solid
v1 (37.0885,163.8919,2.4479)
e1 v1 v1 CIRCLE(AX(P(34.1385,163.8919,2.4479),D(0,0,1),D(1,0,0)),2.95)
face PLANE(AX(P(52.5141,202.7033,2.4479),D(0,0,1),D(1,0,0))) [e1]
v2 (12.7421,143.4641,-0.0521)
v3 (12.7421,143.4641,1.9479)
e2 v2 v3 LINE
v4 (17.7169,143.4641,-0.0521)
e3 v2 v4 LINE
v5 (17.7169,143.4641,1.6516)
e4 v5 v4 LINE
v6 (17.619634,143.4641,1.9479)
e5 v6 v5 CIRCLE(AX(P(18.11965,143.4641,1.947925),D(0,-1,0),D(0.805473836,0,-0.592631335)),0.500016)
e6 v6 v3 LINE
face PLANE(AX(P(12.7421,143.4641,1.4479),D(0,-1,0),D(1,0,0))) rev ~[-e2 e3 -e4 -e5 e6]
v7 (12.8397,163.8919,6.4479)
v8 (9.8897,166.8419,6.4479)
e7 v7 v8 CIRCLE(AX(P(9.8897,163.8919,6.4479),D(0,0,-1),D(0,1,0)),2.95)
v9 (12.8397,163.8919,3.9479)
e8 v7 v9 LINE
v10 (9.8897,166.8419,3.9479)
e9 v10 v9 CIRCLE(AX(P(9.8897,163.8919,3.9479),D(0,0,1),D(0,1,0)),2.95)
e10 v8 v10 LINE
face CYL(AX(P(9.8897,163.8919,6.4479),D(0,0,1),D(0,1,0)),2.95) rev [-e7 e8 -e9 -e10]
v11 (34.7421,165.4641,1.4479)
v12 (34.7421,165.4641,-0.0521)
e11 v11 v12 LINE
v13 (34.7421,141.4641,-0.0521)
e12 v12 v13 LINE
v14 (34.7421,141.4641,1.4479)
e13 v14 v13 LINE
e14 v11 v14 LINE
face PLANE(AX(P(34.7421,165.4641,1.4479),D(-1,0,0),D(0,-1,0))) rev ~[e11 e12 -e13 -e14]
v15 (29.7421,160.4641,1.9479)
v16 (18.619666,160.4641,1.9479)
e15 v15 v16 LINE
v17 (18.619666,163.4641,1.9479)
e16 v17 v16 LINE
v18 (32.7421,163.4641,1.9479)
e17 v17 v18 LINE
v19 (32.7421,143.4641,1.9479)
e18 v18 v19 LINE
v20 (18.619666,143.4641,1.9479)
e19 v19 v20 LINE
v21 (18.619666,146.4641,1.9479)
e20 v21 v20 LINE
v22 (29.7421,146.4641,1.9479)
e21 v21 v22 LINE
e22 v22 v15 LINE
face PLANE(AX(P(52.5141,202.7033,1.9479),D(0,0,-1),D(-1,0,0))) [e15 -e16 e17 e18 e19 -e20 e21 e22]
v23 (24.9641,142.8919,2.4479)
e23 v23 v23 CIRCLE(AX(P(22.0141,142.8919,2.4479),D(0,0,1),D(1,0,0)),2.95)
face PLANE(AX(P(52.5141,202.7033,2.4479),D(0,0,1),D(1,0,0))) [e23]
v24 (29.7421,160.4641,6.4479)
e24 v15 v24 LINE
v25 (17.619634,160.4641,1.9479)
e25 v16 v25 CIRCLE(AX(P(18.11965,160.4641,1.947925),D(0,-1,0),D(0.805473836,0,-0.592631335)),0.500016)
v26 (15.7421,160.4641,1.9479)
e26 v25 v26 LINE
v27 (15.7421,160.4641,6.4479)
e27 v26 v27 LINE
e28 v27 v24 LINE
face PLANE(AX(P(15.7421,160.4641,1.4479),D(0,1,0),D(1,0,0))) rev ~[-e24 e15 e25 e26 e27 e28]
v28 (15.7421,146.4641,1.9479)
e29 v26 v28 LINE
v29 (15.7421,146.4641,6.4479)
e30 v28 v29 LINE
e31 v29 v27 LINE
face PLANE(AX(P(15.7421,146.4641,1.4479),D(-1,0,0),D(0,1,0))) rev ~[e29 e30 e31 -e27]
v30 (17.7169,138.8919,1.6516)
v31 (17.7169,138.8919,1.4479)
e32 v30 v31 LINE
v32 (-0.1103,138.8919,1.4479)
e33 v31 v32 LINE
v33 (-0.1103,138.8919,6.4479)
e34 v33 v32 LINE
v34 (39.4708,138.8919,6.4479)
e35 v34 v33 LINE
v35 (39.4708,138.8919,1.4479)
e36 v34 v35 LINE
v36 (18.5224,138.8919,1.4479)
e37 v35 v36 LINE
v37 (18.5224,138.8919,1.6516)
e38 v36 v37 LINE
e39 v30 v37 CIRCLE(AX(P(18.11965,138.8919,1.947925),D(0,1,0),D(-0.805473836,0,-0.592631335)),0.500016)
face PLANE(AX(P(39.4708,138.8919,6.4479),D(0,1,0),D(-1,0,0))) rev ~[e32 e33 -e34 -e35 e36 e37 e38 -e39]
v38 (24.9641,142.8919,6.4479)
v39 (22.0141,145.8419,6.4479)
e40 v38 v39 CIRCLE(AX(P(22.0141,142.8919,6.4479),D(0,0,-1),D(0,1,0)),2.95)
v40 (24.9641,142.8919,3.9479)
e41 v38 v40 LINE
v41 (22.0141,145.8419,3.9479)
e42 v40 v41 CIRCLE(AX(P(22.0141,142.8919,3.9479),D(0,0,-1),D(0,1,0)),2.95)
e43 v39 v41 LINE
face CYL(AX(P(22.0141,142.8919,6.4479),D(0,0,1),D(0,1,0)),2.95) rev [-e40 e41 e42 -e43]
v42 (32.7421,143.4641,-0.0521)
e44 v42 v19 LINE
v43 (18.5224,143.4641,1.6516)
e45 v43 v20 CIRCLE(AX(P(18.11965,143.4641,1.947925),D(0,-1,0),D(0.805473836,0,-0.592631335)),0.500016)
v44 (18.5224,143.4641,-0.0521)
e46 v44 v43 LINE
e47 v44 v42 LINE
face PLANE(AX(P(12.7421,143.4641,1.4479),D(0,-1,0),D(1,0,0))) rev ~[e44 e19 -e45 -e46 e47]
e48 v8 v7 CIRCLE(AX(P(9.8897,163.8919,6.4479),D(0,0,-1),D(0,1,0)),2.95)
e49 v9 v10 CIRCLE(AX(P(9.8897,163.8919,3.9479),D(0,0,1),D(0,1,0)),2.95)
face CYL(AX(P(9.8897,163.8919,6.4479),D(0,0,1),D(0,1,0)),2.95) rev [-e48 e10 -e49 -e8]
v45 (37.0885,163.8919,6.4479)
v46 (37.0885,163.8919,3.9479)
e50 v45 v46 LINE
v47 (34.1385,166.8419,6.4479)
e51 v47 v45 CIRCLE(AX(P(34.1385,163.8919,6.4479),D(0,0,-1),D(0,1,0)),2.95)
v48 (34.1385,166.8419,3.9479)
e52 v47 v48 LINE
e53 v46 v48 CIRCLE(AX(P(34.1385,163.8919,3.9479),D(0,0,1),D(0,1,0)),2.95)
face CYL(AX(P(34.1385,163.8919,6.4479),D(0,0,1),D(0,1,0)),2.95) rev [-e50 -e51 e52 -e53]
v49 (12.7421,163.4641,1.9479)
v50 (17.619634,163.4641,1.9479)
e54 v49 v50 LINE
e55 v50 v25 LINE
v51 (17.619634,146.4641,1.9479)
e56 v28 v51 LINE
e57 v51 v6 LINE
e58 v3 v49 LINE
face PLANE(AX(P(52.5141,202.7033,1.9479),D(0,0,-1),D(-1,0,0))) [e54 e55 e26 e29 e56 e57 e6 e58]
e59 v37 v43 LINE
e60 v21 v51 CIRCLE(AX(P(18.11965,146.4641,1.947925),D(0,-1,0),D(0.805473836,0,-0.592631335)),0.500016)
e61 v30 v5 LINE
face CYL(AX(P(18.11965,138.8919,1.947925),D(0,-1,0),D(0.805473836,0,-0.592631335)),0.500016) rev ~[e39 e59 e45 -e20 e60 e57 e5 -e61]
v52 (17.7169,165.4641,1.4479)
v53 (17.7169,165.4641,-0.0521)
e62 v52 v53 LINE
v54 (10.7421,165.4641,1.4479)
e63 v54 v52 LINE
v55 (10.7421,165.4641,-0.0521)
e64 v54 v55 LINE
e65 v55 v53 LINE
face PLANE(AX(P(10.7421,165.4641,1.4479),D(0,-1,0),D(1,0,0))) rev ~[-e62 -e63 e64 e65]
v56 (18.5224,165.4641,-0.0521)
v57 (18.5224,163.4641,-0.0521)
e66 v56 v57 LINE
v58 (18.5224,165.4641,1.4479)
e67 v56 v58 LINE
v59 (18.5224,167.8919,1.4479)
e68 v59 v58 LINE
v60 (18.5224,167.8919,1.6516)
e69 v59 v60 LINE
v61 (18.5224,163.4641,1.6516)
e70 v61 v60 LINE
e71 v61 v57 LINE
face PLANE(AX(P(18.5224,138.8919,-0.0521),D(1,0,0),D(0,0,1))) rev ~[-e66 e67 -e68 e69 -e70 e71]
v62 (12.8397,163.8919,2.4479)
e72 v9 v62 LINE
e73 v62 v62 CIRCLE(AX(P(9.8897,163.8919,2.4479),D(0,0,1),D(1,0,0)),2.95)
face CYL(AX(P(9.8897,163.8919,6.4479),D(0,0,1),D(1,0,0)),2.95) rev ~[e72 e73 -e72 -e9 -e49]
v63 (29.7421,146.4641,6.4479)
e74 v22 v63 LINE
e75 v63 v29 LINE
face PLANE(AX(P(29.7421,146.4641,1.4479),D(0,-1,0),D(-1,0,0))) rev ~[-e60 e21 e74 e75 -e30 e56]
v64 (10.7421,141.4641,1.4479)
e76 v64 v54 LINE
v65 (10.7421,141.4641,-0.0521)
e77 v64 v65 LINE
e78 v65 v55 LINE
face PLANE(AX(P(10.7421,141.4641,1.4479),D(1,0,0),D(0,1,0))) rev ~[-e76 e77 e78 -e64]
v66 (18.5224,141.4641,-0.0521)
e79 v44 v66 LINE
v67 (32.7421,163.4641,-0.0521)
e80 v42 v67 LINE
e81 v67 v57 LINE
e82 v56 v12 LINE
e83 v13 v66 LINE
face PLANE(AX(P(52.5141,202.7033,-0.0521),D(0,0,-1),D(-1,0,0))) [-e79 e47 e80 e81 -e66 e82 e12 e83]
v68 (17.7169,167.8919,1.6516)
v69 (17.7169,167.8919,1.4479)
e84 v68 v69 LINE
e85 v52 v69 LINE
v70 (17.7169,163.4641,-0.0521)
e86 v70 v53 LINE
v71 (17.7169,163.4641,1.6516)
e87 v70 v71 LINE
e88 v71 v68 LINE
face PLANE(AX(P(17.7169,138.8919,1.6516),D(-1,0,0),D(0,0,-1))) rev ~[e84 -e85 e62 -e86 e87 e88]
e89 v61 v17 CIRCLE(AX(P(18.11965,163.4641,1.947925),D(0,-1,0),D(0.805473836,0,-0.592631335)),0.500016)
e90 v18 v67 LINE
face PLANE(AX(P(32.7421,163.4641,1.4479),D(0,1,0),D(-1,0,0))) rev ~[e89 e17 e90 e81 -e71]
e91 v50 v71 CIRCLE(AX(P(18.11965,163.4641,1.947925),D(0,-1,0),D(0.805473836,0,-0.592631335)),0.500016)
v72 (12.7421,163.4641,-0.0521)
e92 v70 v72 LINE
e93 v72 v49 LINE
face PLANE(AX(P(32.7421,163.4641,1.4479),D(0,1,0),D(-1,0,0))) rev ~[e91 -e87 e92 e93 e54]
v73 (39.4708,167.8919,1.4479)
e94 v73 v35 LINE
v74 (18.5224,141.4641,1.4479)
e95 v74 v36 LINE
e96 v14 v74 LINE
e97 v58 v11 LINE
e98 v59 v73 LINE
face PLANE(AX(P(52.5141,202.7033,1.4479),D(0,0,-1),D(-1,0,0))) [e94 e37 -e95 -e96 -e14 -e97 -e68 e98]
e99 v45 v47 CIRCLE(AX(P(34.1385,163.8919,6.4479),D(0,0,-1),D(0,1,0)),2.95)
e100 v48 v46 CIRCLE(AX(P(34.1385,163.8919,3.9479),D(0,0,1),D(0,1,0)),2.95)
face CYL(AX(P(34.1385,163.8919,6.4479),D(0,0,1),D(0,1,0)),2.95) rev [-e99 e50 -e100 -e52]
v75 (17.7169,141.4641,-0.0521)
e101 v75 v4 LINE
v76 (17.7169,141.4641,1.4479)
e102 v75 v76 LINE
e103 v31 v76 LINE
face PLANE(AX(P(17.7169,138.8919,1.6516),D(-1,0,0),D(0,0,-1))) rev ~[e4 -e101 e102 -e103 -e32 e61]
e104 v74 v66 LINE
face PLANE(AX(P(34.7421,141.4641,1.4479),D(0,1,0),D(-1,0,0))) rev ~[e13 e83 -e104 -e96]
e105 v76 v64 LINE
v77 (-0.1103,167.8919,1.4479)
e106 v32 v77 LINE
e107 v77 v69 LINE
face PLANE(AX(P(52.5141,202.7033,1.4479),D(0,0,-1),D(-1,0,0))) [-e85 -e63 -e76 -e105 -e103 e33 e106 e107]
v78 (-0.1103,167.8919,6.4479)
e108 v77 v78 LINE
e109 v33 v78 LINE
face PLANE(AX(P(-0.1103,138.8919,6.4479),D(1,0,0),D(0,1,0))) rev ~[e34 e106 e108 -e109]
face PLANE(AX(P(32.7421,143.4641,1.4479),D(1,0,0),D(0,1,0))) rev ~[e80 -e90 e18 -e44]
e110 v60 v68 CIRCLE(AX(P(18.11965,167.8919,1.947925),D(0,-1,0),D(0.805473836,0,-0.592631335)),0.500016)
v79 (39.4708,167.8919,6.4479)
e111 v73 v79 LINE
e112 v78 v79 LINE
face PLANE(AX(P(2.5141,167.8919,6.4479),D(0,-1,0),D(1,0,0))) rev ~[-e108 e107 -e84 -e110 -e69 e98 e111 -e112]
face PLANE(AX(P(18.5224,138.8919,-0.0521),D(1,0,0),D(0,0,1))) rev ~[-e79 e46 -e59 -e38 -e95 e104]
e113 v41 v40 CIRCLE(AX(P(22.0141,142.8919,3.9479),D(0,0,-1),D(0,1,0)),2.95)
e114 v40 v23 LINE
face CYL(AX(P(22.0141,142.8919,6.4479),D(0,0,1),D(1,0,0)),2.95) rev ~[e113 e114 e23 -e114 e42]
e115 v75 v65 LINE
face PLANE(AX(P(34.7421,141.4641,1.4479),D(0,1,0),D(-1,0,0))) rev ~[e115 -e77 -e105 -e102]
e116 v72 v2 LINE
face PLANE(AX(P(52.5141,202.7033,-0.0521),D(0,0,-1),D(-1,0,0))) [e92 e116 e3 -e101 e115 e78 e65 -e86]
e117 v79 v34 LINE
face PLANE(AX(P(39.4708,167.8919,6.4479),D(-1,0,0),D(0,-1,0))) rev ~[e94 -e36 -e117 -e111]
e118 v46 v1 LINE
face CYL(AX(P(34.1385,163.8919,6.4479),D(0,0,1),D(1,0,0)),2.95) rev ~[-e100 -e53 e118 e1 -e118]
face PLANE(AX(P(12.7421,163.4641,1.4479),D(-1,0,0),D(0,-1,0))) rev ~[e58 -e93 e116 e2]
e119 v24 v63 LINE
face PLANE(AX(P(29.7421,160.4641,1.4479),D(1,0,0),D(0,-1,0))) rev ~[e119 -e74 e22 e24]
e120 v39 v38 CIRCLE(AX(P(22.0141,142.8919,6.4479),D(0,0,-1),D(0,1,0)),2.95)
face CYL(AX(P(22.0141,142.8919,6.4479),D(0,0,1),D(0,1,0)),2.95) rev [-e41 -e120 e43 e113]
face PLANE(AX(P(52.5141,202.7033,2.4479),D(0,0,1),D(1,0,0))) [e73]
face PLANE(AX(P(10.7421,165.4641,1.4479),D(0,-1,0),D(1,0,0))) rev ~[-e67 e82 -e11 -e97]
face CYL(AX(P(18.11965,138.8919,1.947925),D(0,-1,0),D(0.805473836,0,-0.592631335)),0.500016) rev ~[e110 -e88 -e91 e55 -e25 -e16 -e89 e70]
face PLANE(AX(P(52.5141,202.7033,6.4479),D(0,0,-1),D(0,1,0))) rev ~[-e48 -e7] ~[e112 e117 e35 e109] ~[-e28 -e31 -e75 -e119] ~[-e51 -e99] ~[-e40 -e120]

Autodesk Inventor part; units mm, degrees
ref_plane "YZ Plane" through (0, 0, 0) normal (1, 0, 0) x (0, 1, 0)
ref_plane "XZ Plane" through (0, 0, 0) normal (0, 1, 0) x (-1, 0, 0)
ref_plane "XY Plane" through (0, 0, 0) normal (0, 0, 1) x (1, 0, 0)
ref_plane "Work Plane1" through (52.5141, 202.7033, 6.4479) normal (0, 0, -1) x (0, 1, 0)
sketch "Sketch1" plane through (52.5141, 202.7033, 6.4479) normal (0, 0, -1) x (0, 1, 0)
  circle A0 centre (-59.8114, -30.5) radius 1.4 construction
  circle A1 centre (-38.8114, -18.3756) radius 1.4 projected
  circle A2 centre (-38.8114, -42.6244) radius 1.4 construction
  circle A3 centre (41, 0) radius 1.65 projected
  circle A4 centre (-9, 0) radius 1.65 projected
  circle A5 centre (-9, 50) radius 1.65 projected
  circle A6 centre (41, 50) radius 1.65 projected
  circle A7 centre (16, 50) radius 1.65 projected
  circle A8 centre (-9, 25) radius 1.65 projected
  circle A9 centre (16, 0) radius 1.65 projected
  circle A10 centre (41, 25) radius 1.65 projected
  line L0 (80, 55) -> (-80, 55) projected
  line L1 (-80, 55) -> (-80, -55) projected
  line L2 (-80, -55) -> (80, -55) projected
  line L3 (80, -55) -> (80, 55) projected
  line L4 (-36.5, 0) -> (-36.5, -50) projected
  line L5 (-14, 0) -> (-36.5, 0) projected
  line L6 (-14, -5) -> (-14, 0) projected
  line L7 (72, -5) -> (-14, -5) projected
  line L8 (72, -50) -> (72, -5) projected
  line L9 (-36.5, -50) -> (72, -50) projected
  line L10 (-4, 45) -> (-4, 5) projected
  line L11 (36, 45) -> (-4, 45) projected
  line L12 (36, 5) -> (36, 45) projected
  line L13 (-4, 5) -> (36, 5) projected
  line L14 (-64.5989, -17.0433) -> (-64.5989, -57.0433) construction
  line L15 (-64.5989, -57.0433) -> (-34.5989, -57.0433) construction
  line L16 (-34.5989, -57.0433) -> (-34.5989, -17.0433) construction
  line L17 (-34.5989, -17.0433) -> (-64.5989, -17.0433) construction
  line L18 (-34.8114, -13.0433) -> (-63.8114, -13.0433)
  line L19 (-63.8114, -13.0433) -> (-63.8114, -52.6244)
  line L20 (-63.8114, -52.6244) -> (-34.8114, -52.6244)
  line L21 (-34.8114, -52.6244) -> (-34.8114, -13.0433)
  circle A11 centre (-59.8114, -30.5) radius 2.95
  circle A12 centre (-38.8114, -18.3756) radius 2.95
  circle A13 centre (-38.8114, -42.6244) radius 2.95 construction
  line L22 (-36.5, -35.1157) -> (-41.75, -35.1157) construction
  line L23 (-41.75, -35.1157) -> (-41.75, -38.5657) construction
  line L24 (-41.75, -38.5657) -> (-56.86, -38.5657) construction
  line L25 (-56.86, -38.5657) -> (-56.86, -35.1157) construction
  line L26 (-56.86, -35.1157) -> (-60.26, -35.1157) construction
  line L27 (-60.26, -35.1157) -> (-60.26, -52.0657) construction
  line L28 (-60.26, -52.0657) -> (-36.5, -52.0657) construction
  line L29 (-36.5, -52.0657) -> (-36.5, -35.1157) construction
  line L30 (-41.75, -28.3657) -> (-36.5, -28.3657) construction
  line L31 (-36.5, -28.3657) -> (-36.5, -25.0657) construction
  line L32 (-36.5, -25.0657) -> (-60.26, -25.0657) construction
  line L33 (-60.26, -25.0657) -> (-60.26, -28.3657) construction
  line L34 (-60.26, -28.3657) -> (-56.86, -28.3657) construction
  line L35 (-56.86, -28.3657) -> (-56.86, -27.0942) construction
  line L36 (-56.86, -27.0942) -> (-41.75, -27.0942) construction
  line L37 (-41.75, -27.0942) -> (-41.75, -28.3657) construction
  line L38 (-56.86, -35.1157) -> (-60.26, -35.1157) construction
  line L39 (-56.86, -38.5657) -> (-56.86, -35.1157) construction
  line L40 (-41.75, -38.5657) -> (-56.86, -38.5657) construction
  line L41 (-41.75, -35.1157) -> (-41.75, -38.5657) construction
  line L42 (-36.5, -35.1157) -> (-41.75, -35.1157) construction
  line L43 (-36.5, -35.05) -> (-36.5, -35.1157) construction
  line L44 (-36.5, -35.05) -> (-56.86, -35.05) construction
  line L45 (-36.5, -34.78) -> (-36.5, -35.05) construction
  line L46 (-36.5, -34.78) -> (-56.86, -34.78) construction
  line L47 (-36.5, -34.51) -> (-36.5, -34.78) construction
  line L48 (-36.5, -34.51) -> (-56.86, -34.51) construction
  line L49 (-36.5, -34.24) -> (-36.5, -34.51) construction
  line L50 (-36.5, -34.24) -> (-56.86, -34.24) construction
  line L51 (-36.5, -33.97) -> (-36.5, -34.24) construction
  line L52 (-36.5, -33.97) -> (-56.86, -33.97) construction
  line L53 (-36.5, -33.7) -> (-36.5, -33.97) construction
  line L54 (-36.5, -33.7) -> (-56.86, -33.7) construction
  line L55 (-36.5, -33.43) -> (-36.5, -33.7) construction
  line L56 (-36.5, -33.43) -> (-56.86, -33.43) construction
  line L57 (-36.5, -33.16) -> (-36.5, -33.43) construction
  line L58 (-36.5, -33.16) -> (-56.86, -33.16) construction
  line L59 (-36.5, -32.89) -> (-36.5, -33.16) construction
  line L60 (-36.5, -32.89) -> (-56.86, -32.89) construction
  line L61 (-36.5, -32.62) -> (-36.5, -32.89) construction
  line L62 (-36.5, -32.62) -> (-56.86, -32.62) construction
  line L63 (-36.5, -32.35) -> (-36.5, -32.62) construction
  line L64 (-36.5, -32.35) -> (-56.86, -32.35) construction
  line L65 (-36.5, -32.08) -> (-36.5, -32.35) construction
  line L66 (-36.5, -32.08) -> (-56.86, -32.08) construction
  line L67 (-36.5, -31.81) -> (-36.5, -32.08) construction
  line L68 (-36.5, -31.81) -> (-56.86, -31.81) construction
  line L69 (-36.5, -31.54) -> (-36.5, -31.81) construction
  line L70 (-36.5, -31.54) -> (-56.86, -31.54) construction
  line L71 (-36.5, -31.27) -> (-36.5, -31.54) construction
  line L72 (-36.5, -31.27) -> (-56.86, -31.27) construction
  line L73 (-36.5, -31) -> (-36.5, -31.27) construction
  line L74 (-36.5, -31) -> (-56.86, -31) construction
  line L75 (-36.5, -30.73) -> (-36.5, -31) construction
  line L76 (-36.5, -30.73) -> (-56.86, -30.73) construction
  line L77 (-36.5, -30.46) -> (-36.5, -30.73) construction
  line L78 (-36.5, -30.46) -> (-56.86, -30.46) construction
  line L79 (-36.5, -30.19) -> (-36.5, -30.46) construction
  line L80 (-36.5, -30.19) -> (-56.86, -30.19) construction
  line L81 (-36.5, -29.92) -> (-36.5, -30.19) construction
  line L82 (-36.5, -29.92) -> (-56.86, -29.92) construction
  line L83 (-36.5, -29.65) -> (-36.5, -29.92) construction
  line L84 (-36.5, -29.65) -> (-56.86, -29.65) construction
  line L85 (-36.5, -29.38) -> (-36.5, -29.65) construction
  line L86 (-36.5, -29.38) -> (-56.86, -29.38) construction
  line L87 (-36.5, -29.11) -> (-36.5, -29.38) construction
  line L88 (-36.5, -29.11) -> (-56.86, -29.11) construction
  line L89 (-36.5, -28.84) -> (-36.5, -29.11) construction
  line L90 (-36.5, -28.84) -> (-56.86, -28.84) construction
  line L91 (-36.5, -28.3657) -> (-36.5, -28.84) construction
  line L92 (-41.75, -28.3657) -> (-36.5, -28.3657) construction
  line L93 (-41.75, -27.0942) -> (-41.75, -28.3657) construction
  line L94 (-56.86, -27.0942) -> (-41.75, -27.0942) construction
  line L95 (-56.86, -28.3657) -> (-56.86, -27.0942) construction
  line L96 (-60.26, -28.3657) -> (-56.86, -28.3657) construction
  line L97 (-60.26, -35.1157) -> (-60.26, -28.3657) construction
  line L98 (-60.26, -25.0657) -> (-36.5, -25.0657) construction
  line L99 (-36.5, -25.0657) -> (-36.5, -52.0657) construction
  line L100 (-60.26, -52.0657) -> (-60.26, -25.0657) construction
  line L101 (-57.1632, -22.5233) -> (-33.4032, -22.5233) construction
  line L102 (-33.4032, -22.5233) -> (-33.4032, -49.5233) construction
  line L103 (-33.4032, -49.5233) -> (-57.1632, -49.5233) construction
  line L104 (-57.1632, -49.5233) -> (-57.1632, -22.5233) construction
  circle A14 centre (-38.8114, -42.6244) radius 2.95
  point P0 (-202.7033, -52.5141)
  point P1 (-56.7146, -27.9576)
  dimension "d0" = 4
  dimension "d2" = 4
  dimension "d3" = 4
  dimension "d4" = 5.9
  dimension "d5" = 5.9
  dimension "d6" = 5.9
  dimension "d10" = 10
extrude "Extrusion1" add sketch "Sketch1" along normal blind 2.5 contours L18 L21 L9 L4 A14 A12 | L4 A12 A14 L9 L21 L20 L19 L18
sketch "Sketch2" plane through (52.5141, 202.7033, 3.9479) normal (0, 0, -1) x (-1, 0, 0)
  circle A0 centre (42.6244, -38.8114) radius 2.95 projected
  circle A1 centre (18.3756, -38.8114) radius 2.95 projected
  circle A2 centre (30.5, -59.8114) radius 2.95 projected
  line L0 (13.0433, -34.8114) -> (13.0433, -63.8114) projected
  line L1 (13.0433, -63.8114) -> (52.6244, -63.8114) projected
  line L2 (52.6244, -63.8114) -> (52.6244, -34.8114) projected
  line L3 (52.6244, -34.8114) -> (13.0433, -34.8114) projected
  point P0 (52.5141, -202.7033)
extrude "Extrusion2" add sketch "Sketch2" along normal blind 2.5 contours A0 | A1 | A2 | L3 L2 L1 L0
sketch "Sketch6" plane through (52.5141, 202.7033, 1.4479) normal (0, 0, -1) x (-1, 0, 0)
  line L0 (13.0433, -34.8114) -> (13.0433, -63.8114) projected
  line L1 (13.0433, -63.8114) -> (52.6244, -63.8114) projected
  line L2 (52.6244, -63.8114) -> (52.6244, -34.8114) projected
  line L3 (52.6244, -34.8114) -> (13.0433, -34.8114) projected
  line L4 (36.772, -42.2392) -> (22.772, -42.2392)
  line L5 (22.772, -42.2392) -> (22.772, -56.2392)
  line L6 (22.772, -56.2392) -> (36.772, -56.2392)
  line L7 (36.772, -56.2392) -> (36.772, -42.2392)
  point P0 (52.5141, -202.7033)
  dimension "d33" = 14
  dimension "d34" = 14
extrude "Extrusion6" cut sketch "Sketch6" against normal through all contours L7 L6 L5 L4
sketch "Sketch7" plane through (52.5141, 202.7033, 1.4479) normal (0, 0, -1) x (-1, 0, 0)
  line L0 (22.772, -56.2392) -> (22.772, -42.2392) projected
  line L1 (22.772, -42.2392) -> (36.772, -42.2392) projected
  line L2 (36.772, -42.2392) -> (36.772, -56.2392) projected
  line L3 (36.772, -56.2392) -> (22.772, -56.2392) projected
  line L4 (13.0433, -34.8114) -> (13.0433, -63.8114) projected
  line L5 (13.0433, -63.8114) -> (52.6244, -63.8114) projected
  line L6 (52.6244, -63.8114) -> (52.6244, -34.8114) projected
  line L7 (52.6244, -34.8114) -> (13.0433, -34.8114) projected
  line L8 (39.772, -59.2392) -> (39.772, -39.2392)
  line L9 (39.772, -39.2392) -> (19.772, -39.2392)
  line L10 (19.772, -39.2392) -> (19.772, -59.2392)
  line L11 (19.772, -59.2392) -> (39.772, -59.2392)
  point P0 (52.5141, -202.7033)
  dimension "d37" = 20
extrude "Extrusion7" cut sketch "Sketch7" against normal blind 0.5 contours L11 L10 L9 L8
sketch "Sketch8" plane through (52.5141, 202.7033, 1.4479) normal (0, 0, -1) x (-1, 0, 0)
  line L0 (19.772, -39.2392) -> (39.772, -39.2392) projected
  line L1 (39.772, -39.2392) -> (39.772, -59.2392) projected
  line L2 (39.772, -59.2392) -> (19.772, -59.2392) projected
  line L3 (19.772, -59.2392) -> (19.772, -39.2392) projected
  line L4 (13.0433, -34.8114) -> (13.0433, -63.8114) projected
  line L5 (13.0433, -63.8114) -> (52.6244, -63.8114) projected
  line L6 (52.6244, -63.8114) -> (52.6244, -34.8114) projected
  line L7 (52.6244, -34.8114) -> (13.0433, -34.8114) projected
  line L8 (41.772, -61.2392) -> (41.772, -37.2392)
  line L9 (41.772, -37.2392) -> (17.772, -37.2392)
  line L10 (17.772, -37.2392) -> (17.772, -61.2392)
  line L11 (17.772, -61.2392) -> (41.772, -61.2392)
  point P0 (52.5141, -202.7033)
  dimension "d40" = 2
extrude "Extrusion8" add sketch "Sketch8" along normal blind 1.5 contours L11 L10 L9 L8
sketch "Sketch9" plane through (-0.1103, 138.8919, 6.4479) normal (0, -1, 0) x (1, 0, 0)
  line L0 (12.8524, -4.5) -> (32.8524, -4.5) projected
  line L1 (34.8524, -6.5) -> (10.8524, -6.5) projected
  arc A0 (18.6327, -4.7963) -> (17.8272, -4.7963) centre (18.2299, -4.5) ccw
  line L2 (18.6327, -4.7963) -> (17.8272, -4.7963)
  line L3 (17.8272, -4.7963) -> (17.8272, -6.9787)
  line L4 (17.8272, -6.9787) -> (18.6327, -6.9787)
  line L5 (18.6327, -6.9787) -> (18.6327, -4.7963)
  point P0 (0.1103, -6.4479)
  dimension "d43" = 1
extrude "Extrusion9" cut sketch "Sketch9" against normal through all
sketch "Sketch10" plane through (52.5141, 202.7033, 6.4479) normal (0, 0, 1) x (1, 0, 0)
  circle A0 centre (-42.6244, -38.8114) radius 2.95 projected
  circle A1 centre (-30.5, -59.8114) radius 2.95 projected
  circle A2 centre (-18.3756, -38.8114) radius 2.95 projected
  point P0 (-52.5141, -202.7033)
extrude "Extrusion10" cut sketch "Sketch10" against normal blind 4
properties part number "cellSTORM_v5_chiptray_old_0"
